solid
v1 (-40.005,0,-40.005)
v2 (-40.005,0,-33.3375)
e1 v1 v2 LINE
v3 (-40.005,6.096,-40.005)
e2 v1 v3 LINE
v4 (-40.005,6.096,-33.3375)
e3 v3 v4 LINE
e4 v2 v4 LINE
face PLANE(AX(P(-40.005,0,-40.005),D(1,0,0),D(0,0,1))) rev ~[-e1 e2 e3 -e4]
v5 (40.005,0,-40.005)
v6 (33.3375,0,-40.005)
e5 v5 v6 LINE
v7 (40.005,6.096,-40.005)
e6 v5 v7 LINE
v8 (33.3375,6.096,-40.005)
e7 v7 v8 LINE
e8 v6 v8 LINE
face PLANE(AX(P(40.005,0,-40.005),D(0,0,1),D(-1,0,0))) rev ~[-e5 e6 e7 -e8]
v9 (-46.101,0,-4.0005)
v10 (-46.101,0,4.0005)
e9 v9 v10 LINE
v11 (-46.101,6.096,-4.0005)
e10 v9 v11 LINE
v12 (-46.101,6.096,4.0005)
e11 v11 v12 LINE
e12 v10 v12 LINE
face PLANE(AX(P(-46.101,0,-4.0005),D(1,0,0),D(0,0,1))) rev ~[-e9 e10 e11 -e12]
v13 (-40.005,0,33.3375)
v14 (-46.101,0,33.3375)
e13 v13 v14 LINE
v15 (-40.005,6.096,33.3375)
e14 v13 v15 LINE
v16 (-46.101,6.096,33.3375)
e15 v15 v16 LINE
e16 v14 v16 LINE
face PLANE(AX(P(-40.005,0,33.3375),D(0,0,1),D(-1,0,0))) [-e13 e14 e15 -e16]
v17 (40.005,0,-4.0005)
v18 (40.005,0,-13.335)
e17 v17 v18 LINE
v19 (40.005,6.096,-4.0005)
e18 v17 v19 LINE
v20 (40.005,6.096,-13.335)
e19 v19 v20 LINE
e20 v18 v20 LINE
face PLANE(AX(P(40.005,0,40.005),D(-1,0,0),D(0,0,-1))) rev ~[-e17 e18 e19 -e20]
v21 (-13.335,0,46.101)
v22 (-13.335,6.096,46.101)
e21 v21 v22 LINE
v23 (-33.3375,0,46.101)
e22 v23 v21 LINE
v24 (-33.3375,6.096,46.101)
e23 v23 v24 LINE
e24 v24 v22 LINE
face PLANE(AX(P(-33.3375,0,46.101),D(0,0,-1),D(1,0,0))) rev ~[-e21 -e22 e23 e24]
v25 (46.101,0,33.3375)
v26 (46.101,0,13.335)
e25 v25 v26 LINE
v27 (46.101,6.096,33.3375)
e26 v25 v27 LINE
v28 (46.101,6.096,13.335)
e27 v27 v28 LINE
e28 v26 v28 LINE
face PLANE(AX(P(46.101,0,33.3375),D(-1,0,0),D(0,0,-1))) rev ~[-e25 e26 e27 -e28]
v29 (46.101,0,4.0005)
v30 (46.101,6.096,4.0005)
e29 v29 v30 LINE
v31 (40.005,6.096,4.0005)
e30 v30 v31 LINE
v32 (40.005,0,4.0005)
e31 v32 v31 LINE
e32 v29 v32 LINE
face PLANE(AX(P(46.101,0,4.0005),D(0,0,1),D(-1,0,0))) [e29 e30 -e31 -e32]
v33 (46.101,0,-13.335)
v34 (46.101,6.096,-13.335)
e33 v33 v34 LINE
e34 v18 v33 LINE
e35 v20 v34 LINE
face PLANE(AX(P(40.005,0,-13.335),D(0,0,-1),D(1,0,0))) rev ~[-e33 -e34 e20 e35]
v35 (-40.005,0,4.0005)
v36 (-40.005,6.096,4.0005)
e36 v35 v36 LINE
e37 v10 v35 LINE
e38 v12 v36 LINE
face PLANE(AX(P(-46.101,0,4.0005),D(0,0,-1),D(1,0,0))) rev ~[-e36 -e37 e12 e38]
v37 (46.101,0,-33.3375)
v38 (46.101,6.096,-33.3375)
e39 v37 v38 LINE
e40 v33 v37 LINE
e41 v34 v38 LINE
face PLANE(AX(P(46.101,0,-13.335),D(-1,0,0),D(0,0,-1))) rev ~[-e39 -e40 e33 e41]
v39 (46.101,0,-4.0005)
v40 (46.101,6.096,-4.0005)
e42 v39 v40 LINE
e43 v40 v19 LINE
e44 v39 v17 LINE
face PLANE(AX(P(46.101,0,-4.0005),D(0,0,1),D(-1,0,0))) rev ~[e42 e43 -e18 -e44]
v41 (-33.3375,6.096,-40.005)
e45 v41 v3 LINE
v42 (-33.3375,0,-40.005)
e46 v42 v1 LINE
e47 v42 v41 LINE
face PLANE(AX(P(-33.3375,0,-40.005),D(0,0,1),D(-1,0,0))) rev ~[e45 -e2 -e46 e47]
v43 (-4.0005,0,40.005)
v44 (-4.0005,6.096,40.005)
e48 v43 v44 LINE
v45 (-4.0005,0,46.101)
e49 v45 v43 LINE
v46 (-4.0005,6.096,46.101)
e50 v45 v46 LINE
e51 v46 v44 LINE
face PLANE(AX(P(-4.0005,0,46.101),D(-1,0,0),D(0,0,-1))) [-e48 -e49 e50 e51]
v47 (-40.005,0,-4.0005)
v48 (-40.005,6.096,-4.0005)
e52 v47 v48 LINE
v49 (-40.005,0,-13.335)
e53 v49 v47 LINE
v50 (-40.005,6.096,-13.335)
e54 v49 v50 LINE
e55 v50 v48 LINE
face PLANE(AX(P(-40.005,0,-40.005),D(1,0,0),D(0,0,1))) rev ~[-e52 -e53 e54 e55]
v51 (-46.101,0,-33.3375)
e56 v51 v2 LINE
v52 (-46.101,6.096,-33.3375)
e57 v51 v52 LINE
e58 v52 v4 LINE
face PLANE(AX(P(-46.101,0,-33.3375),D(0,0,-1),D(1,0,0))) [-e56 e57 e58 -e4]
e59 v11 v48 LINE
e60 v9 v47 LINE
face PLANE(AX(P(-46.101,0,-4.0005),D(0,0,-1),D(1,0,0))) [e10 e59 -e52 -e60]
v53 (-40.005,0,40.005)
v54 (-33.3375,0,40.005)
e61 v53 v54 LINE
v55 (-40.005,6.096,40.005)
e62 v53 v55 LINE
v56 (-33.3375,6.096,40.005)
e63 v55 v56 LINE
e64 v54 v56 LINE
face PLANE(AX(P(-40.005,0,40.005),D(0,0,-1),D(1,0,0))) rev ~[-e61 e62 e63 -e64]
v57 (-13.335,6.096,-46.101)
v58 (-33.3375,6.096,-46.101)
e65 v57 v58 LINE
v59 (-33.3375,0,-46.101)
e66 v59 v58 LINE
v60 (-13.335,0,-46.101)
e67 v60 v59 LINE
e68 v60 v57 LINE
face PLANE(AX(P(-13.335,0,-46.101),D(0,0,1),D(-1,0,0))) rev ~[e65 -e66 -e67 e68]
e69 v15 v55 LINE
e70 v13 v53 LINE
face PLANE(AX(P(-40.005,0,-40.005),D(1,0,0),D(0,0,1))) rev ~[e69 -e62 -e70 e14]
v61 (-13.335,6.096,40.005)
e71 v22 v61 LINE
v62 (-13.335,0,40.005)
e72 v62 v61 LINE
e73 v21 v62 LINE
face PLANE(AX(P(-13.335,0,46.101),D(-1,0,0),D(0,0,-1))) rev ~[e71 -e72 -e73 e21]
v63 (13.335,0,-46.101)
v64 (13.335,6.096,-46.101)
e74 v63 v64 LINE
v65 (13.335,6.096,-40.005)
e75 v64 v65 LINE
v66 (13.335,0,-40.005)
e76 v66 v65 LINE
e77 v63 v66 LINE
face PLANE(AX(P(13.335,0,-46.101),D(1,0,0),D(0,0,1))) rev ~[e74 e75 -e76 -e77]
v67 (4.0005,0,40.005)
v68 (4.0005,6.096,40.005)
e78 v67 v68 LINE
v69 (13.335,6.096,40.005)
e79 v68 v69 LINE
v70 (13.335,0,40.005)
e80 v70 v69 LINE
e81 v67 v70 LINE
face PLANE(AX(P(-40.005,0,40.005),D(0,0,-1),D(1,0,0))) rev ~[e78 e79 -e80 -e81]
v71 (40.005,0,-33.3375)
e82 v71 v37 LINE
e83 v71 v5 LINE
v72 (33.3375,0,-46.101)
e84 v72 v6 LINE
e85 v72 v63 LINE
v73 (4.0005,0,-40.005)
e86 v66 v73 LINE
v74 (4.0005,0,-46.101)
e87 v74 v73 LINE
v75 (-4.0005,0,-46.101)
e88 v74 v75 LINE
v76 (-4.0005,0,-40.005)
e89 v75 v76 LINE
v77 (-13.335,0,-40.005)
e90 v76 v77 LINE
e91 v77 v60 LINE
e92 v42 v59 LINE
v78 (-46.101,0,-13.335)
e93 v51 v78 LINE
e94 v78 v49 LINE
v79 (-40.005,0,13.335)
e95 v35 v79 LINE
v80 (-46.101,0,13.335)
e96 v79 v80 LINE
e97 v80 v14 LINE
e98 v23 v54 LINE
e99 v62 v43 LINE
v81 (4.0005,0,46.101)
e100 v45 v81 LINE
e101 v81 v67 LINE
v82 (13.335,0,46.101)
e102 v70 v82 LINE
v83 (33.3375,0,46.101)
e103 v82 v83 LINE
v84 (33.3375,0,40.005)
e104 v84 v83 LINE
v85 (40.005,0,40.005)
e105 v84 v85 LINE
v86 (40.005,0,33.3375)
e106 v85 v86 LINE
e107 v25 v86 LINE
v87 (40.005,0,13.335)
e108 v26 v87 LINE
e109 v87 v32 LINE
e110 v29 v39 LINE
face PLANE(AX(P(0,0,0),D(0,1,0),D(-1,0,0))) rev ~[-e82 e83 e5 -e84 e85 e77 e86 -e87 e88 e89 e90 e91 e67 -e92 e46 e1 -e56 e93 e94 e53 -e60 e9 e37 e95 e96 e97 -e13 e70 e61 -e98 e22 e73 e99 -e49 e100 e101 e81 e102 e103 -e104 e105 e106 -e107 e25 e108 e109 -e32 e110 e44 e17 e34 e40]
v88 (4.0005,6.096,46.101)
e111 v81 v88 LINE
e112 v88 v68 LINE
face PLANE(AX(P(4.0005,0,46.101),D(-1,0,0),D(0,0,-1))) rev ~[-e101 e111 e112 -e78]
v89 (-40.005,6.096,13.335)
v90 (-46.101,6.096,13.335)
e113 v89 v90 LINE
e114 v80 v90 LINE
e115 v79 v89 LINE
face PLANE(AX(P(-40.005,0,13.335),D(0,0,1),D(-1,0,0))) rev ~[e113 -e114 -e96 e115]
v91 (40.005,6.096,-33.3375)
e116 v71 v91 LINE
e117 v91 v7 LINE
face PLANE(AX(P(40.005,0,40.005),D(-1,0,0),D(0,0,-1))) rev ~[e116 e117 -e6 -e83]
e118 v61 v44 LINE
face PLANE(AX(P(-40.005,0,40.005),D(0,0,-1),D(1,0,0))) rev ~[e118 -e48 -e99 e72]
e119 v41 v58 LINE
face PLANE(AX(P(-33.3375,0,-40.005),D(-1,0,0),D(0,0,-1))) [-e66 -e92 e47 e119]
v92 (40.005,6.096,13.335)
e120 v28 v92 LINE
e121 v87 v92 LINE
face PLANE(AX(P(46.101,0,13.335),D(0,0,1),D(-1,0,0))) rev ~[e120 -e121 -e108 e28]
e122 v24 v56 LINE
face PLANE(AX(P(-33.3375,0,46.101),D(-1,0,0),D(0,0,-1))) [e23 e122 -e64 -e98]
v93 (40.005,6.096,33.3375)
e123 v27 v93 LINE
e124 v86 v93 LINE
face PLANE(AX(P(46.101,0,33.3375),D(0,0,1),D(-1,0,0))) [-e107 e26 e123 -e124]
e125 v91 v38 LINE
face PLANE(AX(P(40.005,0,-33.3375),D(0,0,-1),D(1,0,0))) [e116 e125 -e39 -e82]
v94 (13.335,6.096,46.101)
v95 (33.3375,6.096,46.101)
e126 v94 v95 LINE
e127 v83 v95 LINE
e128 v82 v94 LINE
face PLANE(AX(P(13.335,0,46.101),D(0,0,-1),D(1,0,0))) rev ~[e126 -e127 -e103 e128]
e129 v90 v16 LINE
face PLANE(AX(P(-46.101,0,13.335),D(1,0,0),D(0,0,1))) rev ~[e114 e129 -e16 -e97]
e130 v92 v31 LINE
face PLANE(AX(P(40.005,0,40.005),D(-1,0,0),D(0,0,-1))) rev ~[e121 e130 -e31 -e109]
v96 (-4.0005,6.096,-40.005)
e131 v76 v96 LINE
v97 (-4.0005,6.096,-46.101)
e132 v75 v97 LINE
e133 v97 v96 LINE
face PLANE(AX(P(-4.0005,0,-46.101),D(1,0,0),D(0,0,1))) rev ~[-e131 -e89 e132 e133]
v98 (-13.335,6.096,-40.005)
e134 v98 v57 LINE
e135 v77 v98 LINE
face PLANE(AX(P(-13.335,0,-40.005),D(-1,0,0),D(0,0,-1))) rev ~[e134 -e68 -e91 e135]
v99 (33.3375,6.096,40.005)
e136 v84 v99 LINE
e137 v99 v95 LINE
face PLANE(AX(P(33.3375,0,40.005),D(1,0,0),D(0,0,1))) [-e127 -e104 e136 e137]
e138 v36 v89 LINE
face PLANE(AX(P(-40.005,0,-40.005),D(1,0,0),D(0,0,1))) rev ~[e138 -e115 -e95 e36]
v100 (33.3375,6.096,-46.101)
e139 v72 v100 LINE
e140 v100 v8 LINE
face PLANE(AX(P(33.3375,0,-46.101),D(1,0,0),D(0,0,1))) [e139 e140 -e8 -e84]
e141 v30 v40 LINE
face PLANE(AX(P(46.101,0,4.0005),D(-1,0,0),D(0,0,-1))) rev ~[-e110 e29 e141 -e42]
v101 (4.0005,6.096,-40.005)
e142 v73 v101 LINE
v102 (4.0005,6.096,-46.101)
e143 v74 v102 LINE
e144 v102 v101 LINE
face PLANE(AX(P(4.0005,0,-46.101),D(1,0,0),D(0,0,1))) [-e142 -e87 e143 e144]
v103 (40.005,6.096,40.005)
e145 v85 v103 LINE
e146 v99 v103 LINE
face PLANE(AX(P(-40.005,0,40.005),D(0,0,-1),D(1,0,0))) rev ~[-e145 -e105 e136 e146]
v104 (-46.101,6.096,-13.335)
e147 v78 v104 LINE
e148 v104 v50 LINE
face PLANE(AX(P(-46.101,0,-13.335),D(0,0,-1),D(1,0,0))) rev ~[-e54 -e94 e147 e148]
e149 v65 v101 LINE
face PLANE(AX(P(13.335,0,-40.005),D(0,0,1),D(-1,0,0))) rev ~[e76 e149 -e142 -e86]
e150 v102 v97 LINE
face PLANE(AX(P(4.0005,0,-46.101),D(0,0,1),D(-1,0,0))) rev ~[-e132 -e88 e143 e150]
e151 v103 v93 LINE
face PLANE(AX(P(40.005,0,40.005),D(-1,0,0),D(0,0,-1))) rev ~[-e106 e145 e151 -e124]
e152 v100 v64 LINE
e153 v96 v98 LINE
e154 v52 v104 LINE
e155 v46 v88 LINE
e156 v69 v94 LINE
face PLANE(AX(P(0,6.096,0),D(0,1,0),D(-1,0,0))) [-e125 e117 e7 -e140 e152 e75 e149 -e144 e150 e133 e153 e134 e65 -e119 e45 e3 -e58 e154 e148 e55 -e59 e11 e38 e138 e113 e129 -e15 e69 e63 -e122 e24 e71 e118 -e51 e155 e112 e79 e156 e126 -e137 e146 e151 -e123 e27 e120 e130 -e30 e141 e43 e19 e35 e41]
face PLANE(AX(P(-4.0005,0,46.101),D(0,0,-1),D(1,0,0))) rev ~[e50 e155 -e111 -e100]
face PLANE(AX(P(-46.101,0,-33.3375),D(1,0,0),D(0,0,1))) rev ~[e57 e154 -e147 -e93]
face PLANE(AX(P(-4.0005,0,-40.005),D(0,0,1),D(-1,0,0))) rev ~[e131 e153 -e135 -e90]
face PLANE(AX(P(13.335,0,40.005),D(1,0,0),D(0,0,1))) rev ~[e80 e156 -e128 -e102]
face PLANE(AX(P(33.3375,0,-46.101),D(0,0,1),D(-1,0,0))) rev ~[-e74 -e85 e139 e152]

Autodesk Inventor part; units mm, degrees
ref_plane "YZ Plane" through (0, 0, 0) normal (1, 0, 0) x (0, 1, 0)
ref_plane "XZ Plane" through (0, 0, 0) normal (0, 1, 0) x (-1, 0, 0)
ref_plane "XY Plane" through (0, 0, 0) normal (0, 0, 1) x (1, 0, 0)
sketch "Sketch1" plane through (0, 0, 0) normal (0, 1, 0) x (-1, 0, 0)
  line L0 (40.005, 40.005) -> (-40.005, 40.005)
  line L1 (-40.005, 40.005) -> (-40.005, -40.005)
  line L2 (-40.005, -40.005) -> (-33.3375, -40.005)
  line L3 (40.005, -40.005) -> (40.005, 40.005)
  line L4 (40.005, 40.005) -> (-40.005, -40.005) construction
  line L5 (-40.005, 40.005) -> (40.005, -40.005) construction
  line L6 (46.101, 46.101) -> (-46.101, 46.101)
  line L7 (-46.101, 46.101) -> (-46.101, -46.101)
  line L8 (-46.101, -46.101) -> (-33.3375, -46.101)
  line L9 (46.101, -46.101) -> (46.101, 46.101)
  line L10 (46.101, 46.101) -> (-46.101, -46.101) construction
  line L11 (-46.101, 46.101) -> (46.101, -46.101) construction
  line L12 (33.3375, -40.005) -> (33.3375, -46.101)
  line L13 (13.335, -40.005) -> (13.335, -46.101)
  line L14 (13.335, -40.005) -> (33.3375, -40.005)
  line L15 (33.3375, -46.101) -> (46.101, -46.101)
  line L16 (13.335, -46.101) -> (33.3375, -46.101)
  line L17 (33.3375, -40.005) -> (40.005, -40.005)
  line L18 (-20.9635, 41.5612) -> (22.9239, 41.5612) construction
  line L19 (22.9239, 41.5612) -> (22.9239, 28.3672) construction
  line L20 (22.9239, 28.3672) -> (-20.9635, 28.3672) construction
  line L21 (-20.9635, 28.3672) -> (-20.9635, 41.5612) construction
  line L22 (4.0005, -46.101) -> (4.0005, -40.005)
  line L23 (-4.0005, -46.101) -> (-4.0005, -40.005)
  line L24 (-13.335, -46.101) -> (-13.335, -40.005)
  line L25 (-33.3375, -46.101) -> (-33.3375, -40.005)
  line L26 (4.0005, -40.005) -> (13.335, -40.005)
  line L27 (-4.0005, -40.005) -> (4.0005, -40.005)
  line L28 (-4.0005, -46.101) -> (4.0005, -46.101)
  line L29 (4.0005, -46.101) -> (13.335, -46.101)
  line L30 (-13.335, -46.101) -> (-4.0005, -46.101)
  line L31 (-33.3375, -46.101) -> (-13.335, -46.101)
  line L32 (-33.3375, -40.005) -> (-13.335, -40.005)
  line L33 (-13.335, -40.005) -> (-4.0005, -40.005)
  point P0 (0, 0)
  dimension "baseLength" = 80.01
  dimension "d1" = 80.01
  dimension "d2" = 6.096
  dimension "toothLength" = 20.0025
  dimension "toothOffset" = 13.335
  dimension "d16" = 8.001
  dimension "d17" = 4.0005
  dimension "d18" = 20.0025
  dimension "d19" = 13.335
extrude "Extrusion1" add sketch "Sketch1" along normal blind 6.096 contours L3 L17 L14 L26 L27 L33 L32 L2 L1 L0
extrude "Extrusion2" add sketch "Sketch1" along normal blind 6.096 contours L12 L16 L13 L14 | L32 L24 L31 L25 | L22 L28 L23 L27
pattern_circular "Circular Pattern1" count 4 over 360 about axis through (0, -10, 0) along (0, 1, 0) of "Extrusion2"
equation "\"baseLength\" = glassLength"
equation "\"d1\" = baseLength"
equation "\"d2\" = woodThickness"
equation "\"toothLength\" = 0.25 * baseLength"
equation "\"toothOffset\" = 0.666667 * toothLength"
equation "\"d16\" = 0.4 * toothLength"
equation "\"d17\" = 0.5 * d16"
equation "\"d18\" = toothLength"
equation "\"d19\" = toothOffset"
equation "\"d6\" = woodThickness"
equation "\"d8\" = woodThickness"
equation "\"woodThickness\" = 6.096"
equation "\"glassLength\" = 80.01"
equation "\"glassHeight\" = 80.772"
equation "\"lip\" = 9.525"
equation "\"lasorTol\" = 0.0635"
properties part number "CandleHolder-1"
